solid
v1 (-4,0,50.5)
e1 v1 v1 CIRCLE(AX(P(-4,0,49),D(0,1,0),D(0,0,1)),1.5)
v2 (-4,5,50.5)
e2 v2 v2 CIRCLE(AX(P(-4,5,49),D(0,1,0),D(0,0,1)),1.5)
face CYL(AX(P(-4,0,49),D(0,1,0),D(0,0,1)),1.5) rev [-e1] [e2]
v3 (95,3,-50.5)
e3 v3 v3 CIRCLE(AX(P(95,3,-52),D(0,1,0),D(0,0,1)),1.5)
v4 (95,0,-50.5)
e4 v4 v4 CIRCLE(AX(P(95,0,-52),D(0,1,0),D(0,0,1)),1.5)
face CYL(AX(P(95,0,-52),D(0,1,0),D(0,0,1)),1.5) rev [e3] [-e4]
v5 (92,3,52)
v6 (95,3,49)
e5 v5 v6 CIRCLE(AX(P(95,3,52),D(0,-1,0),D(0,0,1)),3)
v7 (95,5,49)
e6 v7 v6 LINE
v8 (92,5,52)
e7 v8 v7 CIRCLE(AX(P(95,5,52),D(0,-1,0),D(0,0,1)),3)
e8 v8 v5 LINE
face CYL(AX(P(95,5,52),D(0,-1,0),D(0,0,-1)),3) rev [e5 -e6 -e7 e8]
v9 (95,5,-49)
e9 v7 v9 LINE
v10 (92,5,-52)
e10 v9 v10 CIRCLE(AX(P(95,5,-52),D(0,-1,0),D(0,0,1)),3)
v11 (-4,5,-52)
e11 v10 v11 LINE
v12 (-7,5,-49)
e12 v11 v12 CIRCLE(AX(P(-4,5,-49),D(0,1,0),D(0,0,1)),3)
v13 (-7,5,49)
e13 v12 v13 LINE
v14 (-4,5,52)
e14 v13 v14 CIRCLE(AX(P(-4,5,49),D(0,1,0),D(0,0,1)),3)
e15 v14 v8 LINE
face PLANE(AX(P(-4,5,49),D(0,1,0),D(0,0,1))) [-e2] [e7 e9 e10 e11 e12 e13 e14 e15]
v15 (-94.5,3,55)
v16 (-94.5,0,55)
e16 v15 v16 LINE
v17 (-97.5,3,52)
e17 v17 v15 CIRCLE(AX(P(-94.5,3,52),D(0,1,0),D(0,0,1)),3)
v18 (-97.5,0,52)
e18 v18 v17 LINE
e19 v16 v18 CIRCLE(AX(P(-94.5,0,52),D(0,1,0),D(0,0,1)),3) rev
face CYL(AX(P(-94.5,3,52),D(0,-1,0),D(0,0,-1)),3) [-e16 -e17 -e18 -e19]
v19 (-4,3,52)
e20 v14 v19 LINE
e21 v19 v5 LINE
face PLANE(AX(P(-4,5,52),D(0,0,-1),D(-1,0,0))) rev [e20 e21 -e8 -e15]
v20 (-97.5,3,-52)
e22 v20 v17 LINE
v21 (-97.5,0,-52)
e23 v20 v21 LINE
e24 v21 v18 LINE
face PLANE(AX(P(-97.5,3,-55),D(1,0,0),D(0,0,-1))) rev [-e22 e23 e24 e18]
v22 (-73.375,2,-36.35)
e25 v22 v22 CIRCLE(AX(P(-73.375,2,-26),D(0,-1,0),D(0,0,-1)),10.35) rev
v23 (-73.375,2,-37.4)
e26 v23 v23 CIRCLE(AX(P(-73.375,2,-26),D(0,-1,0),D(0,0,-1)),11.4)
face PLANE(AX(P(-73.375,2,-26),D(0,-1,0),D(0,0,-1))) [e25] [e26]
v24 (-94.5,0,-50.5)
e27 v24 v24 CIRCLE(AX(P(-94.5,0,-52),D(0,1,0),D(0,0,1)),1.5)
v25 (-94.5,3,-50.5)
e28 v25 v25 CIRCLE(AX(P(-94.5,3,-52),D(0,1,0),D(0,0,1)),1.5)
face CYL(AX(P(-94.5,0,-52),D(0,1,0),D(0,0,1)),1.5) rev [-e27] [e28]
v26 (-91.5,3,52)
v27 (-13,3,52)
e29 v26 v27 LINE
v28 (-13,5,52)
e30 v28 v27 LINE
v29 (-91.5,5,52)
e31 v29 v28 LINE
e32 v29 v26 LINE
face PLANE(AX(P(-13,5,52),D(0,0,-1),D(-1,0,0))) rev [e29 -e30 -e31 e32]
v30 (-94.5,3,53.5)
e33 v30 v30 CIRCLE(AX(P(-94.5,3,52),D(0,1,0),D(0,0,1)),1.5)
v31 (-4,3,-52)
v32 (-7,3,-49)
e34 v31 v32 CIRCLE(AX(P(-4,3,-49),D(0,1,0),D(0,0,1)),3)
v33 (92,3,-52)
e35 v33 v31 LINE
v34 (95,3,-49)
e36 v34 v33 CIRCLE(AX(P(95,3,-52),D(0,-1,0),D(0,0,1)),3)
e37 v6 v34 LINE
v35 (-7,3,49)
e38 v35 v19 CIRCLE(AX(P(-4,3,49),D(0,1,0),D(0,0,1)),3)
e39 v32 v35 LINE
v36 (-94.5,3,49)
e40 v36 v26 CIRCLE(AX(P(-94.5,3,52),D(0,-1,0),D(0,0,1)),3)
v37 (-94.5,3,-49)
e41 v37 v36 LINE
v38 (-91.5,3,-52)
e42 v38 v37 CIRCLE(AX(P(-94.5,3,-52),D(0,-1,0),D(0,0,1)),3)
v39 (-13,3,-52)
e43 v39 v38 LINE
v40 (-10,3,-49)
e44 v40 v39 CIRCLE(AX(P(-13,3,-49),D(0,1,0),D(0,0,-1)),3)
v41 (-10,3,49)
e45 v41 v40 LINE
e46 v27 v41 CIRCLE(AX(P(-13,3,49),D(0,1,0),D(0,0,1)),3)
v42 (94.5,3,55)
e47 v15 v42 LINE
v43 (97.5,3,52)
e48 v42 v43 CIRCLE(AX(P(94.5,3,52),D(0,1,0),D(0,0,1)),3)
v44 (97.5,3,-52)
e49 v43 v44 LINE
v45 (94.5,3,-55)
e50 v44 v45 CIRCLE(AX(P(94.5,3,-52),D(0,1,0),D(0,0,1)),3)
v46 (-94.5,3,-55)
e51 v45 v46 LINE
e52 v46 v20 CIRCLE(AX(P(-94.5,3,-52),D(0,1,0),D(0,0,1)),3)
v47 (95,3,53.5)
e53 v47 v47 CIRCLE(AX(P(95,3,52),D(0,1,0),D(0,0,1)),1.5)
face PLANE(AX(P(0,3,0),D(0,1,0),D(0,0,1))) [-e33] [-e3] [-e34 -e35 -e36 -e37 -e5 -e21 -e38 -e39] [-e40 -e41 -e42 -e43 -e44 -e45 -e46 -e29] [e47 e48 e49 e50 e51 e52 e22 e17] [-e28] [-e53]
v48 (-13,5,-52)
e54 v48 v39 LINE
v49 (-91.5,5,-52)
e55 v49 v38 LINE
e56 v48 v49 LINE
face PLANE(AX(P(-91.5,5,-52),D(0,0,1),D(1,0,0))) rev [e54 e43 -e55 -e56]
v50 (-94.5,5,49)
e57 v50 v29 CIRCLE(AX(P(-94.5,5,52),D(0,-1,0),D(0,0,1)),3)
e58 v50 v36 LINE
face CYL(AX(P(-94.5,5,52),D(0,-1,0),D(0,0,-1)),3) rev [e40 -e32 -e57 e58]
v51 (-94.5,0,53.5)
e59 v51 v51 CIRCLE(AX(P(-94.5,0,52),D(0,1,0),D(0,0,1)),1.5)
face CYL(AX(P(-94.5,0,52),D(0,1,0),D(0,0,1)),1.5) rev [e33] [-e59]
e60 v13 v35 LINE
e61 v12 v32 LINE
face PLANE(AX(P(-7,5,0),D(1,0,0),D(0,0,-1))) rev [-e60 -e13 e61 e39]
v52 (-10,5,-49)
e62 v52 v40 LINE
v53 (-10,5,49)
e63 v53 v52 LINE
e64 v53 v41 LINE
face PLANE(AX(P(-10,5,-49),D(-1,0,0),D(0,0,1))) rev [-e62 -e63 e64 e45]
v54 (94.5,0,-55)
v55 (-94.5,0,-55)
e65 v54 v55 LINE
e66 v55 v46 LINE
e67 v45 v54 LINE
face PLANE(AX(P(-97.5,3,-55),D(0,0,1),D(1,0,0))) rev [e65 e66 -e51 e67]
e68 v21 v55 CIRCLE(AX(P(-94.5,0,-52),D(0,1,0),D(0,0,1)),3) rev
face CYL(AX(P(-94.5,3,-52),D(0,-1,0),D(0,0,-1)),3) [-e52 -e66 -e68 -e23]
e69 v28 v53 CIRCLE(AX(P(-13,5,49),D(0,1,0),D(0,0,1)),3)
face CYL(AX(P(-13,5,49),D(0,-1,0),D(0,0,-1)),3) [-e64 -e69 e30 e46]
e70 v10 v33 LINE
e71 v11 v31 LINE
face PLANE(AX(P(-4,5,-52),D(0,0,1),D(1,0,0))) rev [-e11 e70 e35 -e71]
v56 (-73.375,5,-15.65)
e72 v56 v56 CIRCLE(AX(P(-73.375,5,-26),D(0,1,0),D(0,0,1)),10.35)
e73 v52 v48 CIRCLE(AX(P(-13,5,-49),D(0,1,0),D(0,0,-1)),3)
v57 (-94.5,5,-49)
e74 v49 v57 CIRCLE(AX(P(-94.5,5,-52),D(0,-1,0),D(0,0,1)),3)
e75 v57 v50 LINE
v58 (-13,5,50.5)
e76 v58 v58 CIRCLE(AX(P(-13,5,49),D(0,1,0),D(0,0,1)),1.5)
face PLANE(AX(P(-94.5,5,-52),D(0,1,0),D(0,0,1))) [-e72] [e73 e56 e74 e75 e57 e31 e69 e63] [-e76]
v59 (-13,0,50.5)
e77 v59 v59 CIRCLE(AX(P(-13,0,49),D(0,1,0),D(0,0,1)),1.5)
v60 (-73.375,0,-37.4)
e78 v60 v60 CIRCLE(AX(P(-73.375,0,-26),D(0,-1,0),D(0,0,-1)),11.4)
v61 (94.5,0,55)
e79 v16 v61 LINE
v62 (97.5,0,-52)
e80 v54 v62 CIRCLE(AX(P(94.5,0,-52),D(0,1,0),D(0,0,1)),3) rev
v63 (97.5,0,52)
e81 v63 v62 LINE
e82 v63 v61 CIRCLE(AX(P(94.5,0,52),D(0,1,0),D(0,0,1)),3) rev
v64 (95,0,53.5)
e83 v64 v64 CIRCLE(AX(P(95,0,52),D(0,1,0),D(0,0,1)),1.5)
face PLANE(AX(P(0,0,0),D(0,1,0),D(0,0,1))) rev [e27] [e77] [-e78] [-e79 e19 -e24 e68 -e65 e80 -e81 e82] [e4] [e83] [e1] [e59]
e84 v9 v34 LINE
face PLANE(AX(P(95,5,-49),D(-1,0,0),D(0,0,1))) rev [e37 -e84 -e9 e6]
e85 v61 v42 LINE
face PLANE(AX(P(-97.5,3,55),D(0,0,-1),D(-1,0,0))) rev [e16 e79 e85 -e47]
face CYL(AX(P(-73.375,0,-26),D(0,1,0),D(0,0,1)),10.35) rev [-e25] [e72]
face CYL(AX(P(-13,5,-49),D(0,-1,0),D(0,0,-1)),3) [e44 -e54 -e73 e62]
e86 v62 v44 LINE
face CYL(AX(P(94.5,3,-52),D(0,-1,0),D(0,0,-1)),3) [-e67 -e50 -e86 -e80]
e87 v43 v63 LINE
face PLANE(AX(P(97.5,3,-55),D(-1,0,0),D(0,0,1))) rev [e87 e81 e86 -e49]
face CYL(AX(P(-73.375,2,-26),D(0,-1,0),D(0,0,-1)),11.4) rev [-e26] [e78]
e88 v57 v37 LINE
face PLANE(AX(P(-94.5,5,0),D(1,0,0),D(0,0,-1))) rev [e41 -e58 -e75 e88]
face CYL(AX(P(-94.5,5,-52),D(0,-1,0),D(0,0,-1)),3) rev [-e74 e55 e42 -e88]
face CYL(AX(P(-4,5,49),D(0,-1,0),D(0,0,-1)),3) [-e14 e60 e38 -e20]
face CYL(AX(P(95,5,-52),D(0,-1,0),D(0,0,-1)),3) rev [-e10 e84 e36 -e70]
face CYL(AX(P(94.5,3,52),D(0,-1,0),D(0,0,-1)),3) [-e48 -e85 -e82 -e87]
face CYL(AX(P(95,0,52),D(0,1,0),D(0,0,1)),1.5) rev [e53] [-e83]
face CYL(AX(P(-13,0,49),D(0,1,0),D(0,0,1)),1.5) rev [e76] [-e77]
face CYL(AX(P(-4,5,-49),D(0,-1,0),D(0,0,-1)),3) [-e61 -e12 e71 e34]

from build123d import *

# Parameters (mm, degrees)
SKETCH1_W           = 195
SKETCH1_H           = 110
BOSS_EXTRUDE1_DEPTH = 3
BOSS_EXTRUDE2_DEPTH = 2
SKETCH4_R           = 1.5
CUT_EXTRUDE2_DEPTH  = 112.983257677
FILLET1_R           = 3
SKETCH5_R           = 1.5
CUT_EXTRUDE3_DEPTH  = 113.054674155
SKETCH6_R           = 10.35
CUT_EXTRUDE4_DEPTH  = 113.054674155
SKETCH7_R           = 11.4
CUT_EXTRUDE5_DEPTH  = 2


with BuildPart() as part:
    # Sketch1 → Boss-Extrude1 (new body)
    with BuildSketch(Plane(origin=(0, 0, 0), x_dir=(1, 0, 0), z_dir=(0, 1, 0))):
        Rectangle(SKETCH1_W, SKETCH1_H)
    extrude(amount=BOSS_EXTRUDE1_DEPTH)

    # Sketch2 → Boss-Extrude2 (add)
    with BuildSketch(Plane(origin=(0, 3, 0), x_dir=(1, 0, 0), z_dir=(0, 1, 0))):
        with BuildLine():
            Line((-94.5, 0), (-94.5, 49))
            ThreePointArc((-94.5, 49), (-92.378679656, 49.878679656), (-91.5, 52))
            Line((-91.5, 52), (-13, 52))
            ThreePointArc((-13, 52), (-10.878679656, 51.121320344), (-10, 49))
            Line((-10, 49), (-10, -49))
            ThreePointArc((-10, -49), (-10.878679656, -51.121320344), (-13, -52))
            Line((-13, -52), (-91.5, -52))
            ThreePointArc((-91.5, -52), (-92.378679656, -49.878679656), (-94.5, -49))
            Line((-94.5, -49), (-94.5, 0))
        make_face()
        with BuildLine():
            Line((-7, 0), (-7, 49))
            ThreePointArc((-7, 49), (-6.121320344, 51.121320344), (-4, 52))
            Line((-4, 52), (92, 52))
            ThreePointArc((92, 52), (92.878679656, 49.878679656), (95, 49))
            Line((95, 49), (95, -49))
            ThreePointArc((95, -49), (92.878679656, -49.878679656), (92, -52))
            Line((92, -52), (-4, -52))
            ThreePointArc((-4, -52), (-6.121320344, -51.121320344), (-7, -49))
            Line((-7, -49), (-7, 0))
        make_face()
    extrude(amount=BOSS_EXTRUDE2_DEPTH)

    # Sketch4 → Cut-Extrude2 (cut, through all)
    with BuildSketch(Plane(origin=(0, 3, 0), x_dir=(1, 0, 0), z_dir=(0, 1, 0))):
        with Locations(Location((-94.5, 52, 0), (0, 0, 270))):
            Circle(SKETCH4_R)
        with Locations(Location((95, 52, 0), (0, 0, 270))):
            Circle(SKETCH4_R)
        with Locations(Location((95, -52, 0), (0, 0, 270))):
            Circle(SKETCH4_R)
        with Locations(Location((-94.5, -52, 0), (0, 0, 270))):
            Circle(SKETCH4_R)
    extrude(amount=-CUT_EXTRUDE2_DEPTH, mode=Mode.SUBTRACT)

    # Fillet1
    fillet1_edges = [part.edges().sort_by_distance(p)[0] for p in [
        (97.5, 1.5, 55),
        (-97.5, 1.5, 55),
        (-97.5, 1.5, -55),
        (97.5, 1.5, -55),
    ]]
    fillet(fillet1_edges, radius=FILLET1_R)

    # Sketch5 → Cut-Extrude3 (cut, through all)
    with BuildSketch(Plane(origin=(0, 5, 0), x_dir=(1, 0, 0), z_dir=(0, 1, 0))):
        with Locations(Location((-13, -49, 0), (0, 0, 270))):
            Circle(SKETCH5_R)
        with Locations(Location((-4, -49, 0), (0, 0, 270))):
            Circle(SKETCH5_R)
    extrude(amount=-CUT_EXTRUDE3_DEPTH, mode=Mode.SUBTRACT)

    # Sketch6 → Cut-Extrude4 (cut, through all)
    with BuildSketch(Plane(origin=(0, 5, 0), x_dir=(1, 0, 0), z_dir=(0, 1, 0))):
        with Locations(Location((-73.375, 26, 0), (0, 0, 270))):
            Circle(SKETCH6_R)
    extrude(amount=-CUT_EXTRUDE4_DEPTH, mode=Mode.SUBTRACT)

    # Sketch7 → Cut-Extrude5 (cut)
    with BuildSketch(Plane.XZ):
        with Locations(Location((-73.375, -26, 0), (0, 0, 270))):
            Circle(SKETCH7_R)
    extrude(amount=-CUT_EXTRUDE5_DEPTH, mode=Mode.SUBTRACT)


solid = part.part
